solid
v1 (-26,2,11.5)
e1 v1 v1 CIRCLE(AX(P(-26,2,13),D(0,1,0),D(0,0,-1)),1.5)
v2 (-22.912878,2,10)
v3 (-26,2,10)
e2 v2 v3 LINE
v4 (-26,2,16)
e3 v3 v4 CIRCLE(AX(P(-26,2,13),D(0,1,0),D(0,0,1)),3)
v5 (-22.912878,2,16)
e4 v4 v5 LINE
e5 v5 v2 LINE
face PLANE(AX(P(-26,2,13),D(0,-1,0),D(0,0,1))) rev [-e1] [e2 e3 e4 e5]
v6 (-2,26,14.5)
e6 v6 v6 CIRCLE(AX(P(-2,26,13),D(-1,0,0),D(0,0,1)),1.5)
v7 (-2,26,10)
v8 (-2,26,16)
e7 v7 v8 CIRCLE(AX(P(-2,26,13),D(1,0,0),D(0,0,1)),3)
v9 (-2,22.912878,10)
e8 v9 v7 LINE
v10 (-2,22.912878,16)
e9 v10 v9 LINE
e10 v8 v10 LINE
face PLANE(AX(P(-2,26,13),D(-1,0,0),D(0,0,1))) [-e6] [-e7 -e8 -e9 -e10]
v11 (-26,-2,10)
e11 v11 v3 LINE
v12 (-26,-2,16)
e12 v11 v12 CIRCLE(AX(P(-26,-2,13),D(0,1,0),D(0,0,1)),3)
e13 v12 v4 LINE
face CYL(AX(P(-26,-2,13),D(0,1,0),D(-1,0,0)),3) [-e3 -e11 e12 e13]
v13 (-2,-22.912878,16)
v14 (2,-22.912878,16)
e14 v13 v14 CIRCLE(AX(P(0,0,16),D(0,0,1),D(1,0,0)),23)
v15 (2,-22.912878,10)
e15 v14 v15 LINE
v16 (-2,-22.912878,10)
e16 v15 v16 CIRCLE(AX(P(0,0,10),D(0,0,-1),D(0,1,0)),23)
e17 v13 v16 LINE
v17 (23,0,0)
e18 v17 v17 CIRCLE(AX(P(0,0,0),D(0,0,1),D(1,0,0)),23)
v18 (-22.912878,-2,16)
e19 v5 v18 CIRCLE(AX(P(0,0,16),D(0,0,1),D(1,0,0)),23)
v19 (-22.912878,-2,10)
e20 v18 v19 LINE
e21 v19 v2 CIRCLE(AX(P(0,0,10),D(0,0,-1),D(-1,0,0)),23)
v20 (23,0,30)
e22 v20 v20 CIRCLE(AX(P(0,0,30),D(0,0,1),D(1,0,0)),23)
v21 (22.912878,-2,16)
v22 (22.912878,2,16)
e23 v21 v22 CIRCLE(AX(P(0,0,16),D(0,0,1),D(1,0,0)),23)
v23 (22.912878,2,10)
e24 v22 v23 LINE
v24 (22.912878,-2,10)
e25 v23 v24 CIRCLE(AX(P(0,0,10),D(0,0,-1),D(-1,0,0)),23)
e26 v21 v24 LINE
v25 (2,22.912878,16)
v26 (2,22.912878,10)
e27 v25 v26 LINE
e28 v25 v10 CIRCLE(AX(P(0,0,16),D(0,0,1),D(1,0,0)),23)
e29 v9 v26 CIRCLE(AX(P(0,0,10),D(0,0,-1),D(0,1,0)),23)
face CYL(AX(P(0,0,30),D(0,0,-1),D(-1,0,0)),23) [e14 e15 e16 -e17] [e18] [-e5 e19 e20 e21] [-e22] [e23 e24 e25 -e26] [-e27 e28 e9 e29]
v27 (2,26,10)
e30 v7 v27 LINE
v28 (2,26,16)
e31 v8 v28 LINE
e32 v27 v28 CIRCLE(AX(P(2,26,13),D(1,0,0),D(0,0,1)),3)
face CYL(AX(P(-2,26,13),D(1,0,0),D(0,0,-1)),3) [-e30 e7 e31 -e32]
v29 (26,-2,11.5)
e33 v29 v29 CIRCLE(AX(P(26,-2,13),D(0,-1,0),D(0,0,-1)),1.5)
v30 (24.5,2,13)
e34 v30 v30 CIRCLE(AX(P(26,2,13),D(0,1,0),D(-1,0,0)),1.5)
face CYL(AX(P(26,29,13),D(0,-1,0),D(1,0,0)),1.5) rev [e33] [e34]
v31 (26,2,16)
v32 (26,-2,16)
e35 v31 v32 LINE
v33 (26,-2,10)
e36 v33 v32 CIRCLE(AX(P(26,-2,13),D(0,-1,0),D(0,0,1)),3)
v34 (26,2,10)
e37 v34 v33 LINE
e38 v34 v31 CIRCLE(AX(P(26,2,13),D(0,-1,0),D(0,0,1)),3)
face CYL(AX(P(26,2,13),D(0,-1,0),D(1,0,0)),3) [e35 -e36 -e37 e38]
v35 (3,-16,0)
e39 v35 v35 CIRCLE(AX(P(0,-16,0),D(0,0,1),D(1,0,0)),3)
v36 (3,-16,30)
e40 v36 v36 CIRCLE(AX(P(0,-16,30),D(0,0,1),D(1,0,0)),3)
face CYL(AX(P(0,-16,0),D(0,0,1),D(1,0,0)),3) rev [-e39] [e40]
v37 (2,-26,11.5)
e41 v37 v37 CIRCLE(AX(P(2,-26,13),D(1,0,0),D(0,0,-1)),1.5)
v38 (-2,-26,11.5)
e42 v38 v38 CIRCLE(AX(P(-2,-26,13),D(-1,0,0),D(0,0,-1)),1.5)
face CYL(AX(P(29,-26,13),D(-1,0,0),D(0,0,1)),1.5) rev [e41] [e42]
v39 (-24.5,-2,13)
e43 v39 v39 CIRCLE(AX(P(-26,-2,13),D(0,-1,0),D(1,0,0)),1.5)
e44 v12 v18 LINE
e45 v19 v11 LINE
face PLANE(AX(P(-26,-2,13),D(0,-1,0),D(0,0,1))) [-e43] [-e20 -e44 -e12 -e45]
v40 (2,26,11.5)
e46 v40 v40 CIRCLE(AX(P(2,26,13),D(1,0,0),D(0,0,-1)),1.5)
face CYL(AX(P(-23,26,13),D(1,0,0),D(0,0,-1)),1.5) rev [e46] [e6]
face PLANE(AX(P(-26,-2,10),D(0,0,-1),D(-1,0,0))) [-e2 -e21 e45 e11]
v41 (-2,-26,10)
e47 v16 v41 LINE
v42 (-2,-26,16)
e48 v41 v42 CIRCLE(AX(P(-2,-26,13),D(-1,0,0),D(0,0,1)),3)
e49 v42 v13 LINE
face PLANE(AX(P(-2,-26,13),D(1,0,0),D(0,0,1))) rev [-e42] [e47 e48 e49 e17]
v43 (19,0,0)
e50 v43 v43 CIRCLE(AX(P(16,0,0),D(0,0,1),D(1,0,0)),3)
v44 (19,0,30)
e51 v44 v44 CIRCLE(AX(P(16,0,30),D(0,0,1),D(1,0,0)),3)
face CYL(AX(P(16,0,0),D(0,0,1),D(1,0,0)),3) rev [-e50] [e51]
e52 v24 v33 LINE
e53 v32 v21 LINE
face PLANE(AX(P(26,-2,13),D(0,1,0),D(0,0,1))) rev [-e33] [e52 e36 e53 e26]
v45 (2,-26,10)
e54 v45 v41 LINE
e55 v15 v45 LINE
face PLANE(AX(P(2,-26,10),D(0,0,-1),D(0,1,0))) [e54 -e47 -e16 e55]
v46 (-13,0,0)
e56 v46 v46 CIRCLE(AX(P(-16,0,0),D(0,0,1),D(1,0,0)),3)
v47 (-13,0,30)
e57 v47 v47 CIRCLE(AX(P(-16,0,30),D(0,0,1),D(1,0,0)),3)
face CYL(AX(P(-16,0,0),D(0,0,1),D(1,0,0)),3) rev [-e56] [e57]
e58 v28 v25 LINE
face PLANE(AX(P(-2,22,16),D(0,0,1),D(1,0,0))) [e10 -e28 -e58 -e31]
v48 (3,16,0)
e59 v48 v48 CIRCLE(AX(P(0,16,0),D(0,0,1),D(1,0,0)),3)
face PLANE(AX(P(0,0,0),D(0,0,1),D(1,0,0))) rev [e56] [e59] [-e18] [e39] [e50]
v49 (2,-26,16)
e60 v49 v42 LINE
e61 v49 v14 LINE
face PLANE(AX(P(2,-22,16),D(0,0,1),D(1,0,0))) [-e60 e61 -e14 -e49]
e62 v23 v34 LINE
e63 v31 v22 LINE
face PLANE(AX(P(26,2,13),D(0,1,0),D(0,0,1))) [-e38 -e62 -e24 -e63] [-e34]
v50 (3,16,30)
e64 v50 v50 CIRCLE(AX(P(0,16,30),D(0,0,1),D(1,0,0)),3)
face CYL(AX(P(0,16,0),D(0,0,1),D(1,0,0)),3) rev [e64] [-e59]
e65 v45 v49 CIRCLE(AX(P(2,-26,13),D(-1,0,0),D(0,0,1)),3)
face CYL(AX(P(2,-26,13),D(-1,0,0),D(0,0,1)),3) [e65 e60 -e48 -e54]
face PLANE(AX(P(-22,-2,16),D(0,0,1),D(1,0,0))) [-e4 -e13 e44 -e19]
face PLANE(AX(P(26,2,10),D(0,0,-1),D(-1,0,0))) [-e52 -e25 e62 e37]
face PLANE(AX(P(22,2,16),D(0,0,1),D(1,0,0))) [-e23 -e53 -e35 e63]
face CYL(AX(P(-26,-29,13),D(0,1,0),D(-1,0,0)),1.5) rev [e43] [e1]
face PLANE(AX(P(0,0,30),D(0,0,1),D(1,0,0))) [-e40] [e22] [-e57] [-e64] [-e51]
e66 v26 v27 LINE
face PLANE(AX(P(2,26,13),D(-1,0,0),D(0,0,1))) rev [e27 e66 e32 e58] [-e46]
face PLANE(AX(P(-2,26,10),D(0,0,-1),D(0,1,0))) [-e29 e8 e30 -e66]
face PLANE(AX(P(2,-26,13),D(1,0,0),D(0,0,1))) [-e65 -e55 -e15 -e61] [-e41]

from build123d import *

# Parameters (mm, degrees)
SKETCH_1_R               = 23
EXTRUDE_1_DEPTH          = 30
SKETCH_2_R               = 3
CUT_EXTRUDE_1_DEPTH      = 45.24929378
EXTRUDE_2_DEPTH          = 2
SKETCH_4_R               = 1.5
CUT_EXTRUDE_2_DEPTH      = 49.641546028
PATTERN_CIRCULAR_2_COUNT = 4


with BuildPart() as part:
    # 草图1 → 凸台-拉伸1 (new body)
    with BuildSketch(Plane.XY):
        Circle(SKETCH_1_R)
    extrude(amount=EXTRUDE_1_DEPTH)

    # 草图2 → 切除-拉伸1 (cut, through all)
    with BuildSketch(Plane.XY.offset(30)):
        with Locations((16, 0)):
            Circle(SKETCH_2_R)
        with Locations((0, 16)):
            Circle(SKETCH_2_R)
        with Locations((-16, 0)):
            Circle(SKETCH_2_R)
        with Locations((0, -16)):
            Circle(SKETCH_2_R)
    extrude(amount=-CUT_EXTRUDE_1_DEPTH, mode=Mode.SUBTRACT)

    # 草图3 → 凸台-拉伸2 (add, symmetric)
    with BuildSketch(Plane(origin=(0, 0, 0), x_dir=(0, 0, -1), z_dir=(1, 0, 0))):
        with BuildLine():
            Line((-10, 22), (-16, 22))
            Line((-16, 22), (-16, 26))
            ThreePointArc((-16, 26), (-13, 29), (-10, 26))
            Line((-10, 26), (-10, 22))
        make_face()
    extrude_2 = extrude(amount=EXTRUDE_2_DEPTH, both=True)

    # 草图4 → 切除-拉伸2 (cut, through all)
    with BuildSketch(Plane(origin=(2, 0, 0), x_dir=(0, 0, -1), z_dir=(1, 0, 0))):
        with Locations((-13, 26)):
            Circle(SKETCH_4_R)
    cut_extrude_2 = extrude(amount=-CUT_EXTRUDE_2_DEPTH, mode=Mode.SUBTRACT)

    # 阵列(圆周)2: 凸台-拉伸2, 切除-拉伸2 ×4 about axis
    pattern_circular_2_axis = Axis((0, 0, 30), (0, 0, -1))
    add([extrude_2.rotate(pattern_circular_2_axis, i * 360 / PATTERN_CIRCULAR_2_COUNT) for i in range(1, PATTERN_CIRCULAR_2_COUNT)])
    add([cut_extrude_2.rotate(pattern_circular_2_axis, i * 360 / PATTERN_CIRCULAR_2_COUNT) for i in range(1, PATTERN_CIRCULAR_2_COUNT)], mode=Mode.SUBTRACT)


solid = part.part
